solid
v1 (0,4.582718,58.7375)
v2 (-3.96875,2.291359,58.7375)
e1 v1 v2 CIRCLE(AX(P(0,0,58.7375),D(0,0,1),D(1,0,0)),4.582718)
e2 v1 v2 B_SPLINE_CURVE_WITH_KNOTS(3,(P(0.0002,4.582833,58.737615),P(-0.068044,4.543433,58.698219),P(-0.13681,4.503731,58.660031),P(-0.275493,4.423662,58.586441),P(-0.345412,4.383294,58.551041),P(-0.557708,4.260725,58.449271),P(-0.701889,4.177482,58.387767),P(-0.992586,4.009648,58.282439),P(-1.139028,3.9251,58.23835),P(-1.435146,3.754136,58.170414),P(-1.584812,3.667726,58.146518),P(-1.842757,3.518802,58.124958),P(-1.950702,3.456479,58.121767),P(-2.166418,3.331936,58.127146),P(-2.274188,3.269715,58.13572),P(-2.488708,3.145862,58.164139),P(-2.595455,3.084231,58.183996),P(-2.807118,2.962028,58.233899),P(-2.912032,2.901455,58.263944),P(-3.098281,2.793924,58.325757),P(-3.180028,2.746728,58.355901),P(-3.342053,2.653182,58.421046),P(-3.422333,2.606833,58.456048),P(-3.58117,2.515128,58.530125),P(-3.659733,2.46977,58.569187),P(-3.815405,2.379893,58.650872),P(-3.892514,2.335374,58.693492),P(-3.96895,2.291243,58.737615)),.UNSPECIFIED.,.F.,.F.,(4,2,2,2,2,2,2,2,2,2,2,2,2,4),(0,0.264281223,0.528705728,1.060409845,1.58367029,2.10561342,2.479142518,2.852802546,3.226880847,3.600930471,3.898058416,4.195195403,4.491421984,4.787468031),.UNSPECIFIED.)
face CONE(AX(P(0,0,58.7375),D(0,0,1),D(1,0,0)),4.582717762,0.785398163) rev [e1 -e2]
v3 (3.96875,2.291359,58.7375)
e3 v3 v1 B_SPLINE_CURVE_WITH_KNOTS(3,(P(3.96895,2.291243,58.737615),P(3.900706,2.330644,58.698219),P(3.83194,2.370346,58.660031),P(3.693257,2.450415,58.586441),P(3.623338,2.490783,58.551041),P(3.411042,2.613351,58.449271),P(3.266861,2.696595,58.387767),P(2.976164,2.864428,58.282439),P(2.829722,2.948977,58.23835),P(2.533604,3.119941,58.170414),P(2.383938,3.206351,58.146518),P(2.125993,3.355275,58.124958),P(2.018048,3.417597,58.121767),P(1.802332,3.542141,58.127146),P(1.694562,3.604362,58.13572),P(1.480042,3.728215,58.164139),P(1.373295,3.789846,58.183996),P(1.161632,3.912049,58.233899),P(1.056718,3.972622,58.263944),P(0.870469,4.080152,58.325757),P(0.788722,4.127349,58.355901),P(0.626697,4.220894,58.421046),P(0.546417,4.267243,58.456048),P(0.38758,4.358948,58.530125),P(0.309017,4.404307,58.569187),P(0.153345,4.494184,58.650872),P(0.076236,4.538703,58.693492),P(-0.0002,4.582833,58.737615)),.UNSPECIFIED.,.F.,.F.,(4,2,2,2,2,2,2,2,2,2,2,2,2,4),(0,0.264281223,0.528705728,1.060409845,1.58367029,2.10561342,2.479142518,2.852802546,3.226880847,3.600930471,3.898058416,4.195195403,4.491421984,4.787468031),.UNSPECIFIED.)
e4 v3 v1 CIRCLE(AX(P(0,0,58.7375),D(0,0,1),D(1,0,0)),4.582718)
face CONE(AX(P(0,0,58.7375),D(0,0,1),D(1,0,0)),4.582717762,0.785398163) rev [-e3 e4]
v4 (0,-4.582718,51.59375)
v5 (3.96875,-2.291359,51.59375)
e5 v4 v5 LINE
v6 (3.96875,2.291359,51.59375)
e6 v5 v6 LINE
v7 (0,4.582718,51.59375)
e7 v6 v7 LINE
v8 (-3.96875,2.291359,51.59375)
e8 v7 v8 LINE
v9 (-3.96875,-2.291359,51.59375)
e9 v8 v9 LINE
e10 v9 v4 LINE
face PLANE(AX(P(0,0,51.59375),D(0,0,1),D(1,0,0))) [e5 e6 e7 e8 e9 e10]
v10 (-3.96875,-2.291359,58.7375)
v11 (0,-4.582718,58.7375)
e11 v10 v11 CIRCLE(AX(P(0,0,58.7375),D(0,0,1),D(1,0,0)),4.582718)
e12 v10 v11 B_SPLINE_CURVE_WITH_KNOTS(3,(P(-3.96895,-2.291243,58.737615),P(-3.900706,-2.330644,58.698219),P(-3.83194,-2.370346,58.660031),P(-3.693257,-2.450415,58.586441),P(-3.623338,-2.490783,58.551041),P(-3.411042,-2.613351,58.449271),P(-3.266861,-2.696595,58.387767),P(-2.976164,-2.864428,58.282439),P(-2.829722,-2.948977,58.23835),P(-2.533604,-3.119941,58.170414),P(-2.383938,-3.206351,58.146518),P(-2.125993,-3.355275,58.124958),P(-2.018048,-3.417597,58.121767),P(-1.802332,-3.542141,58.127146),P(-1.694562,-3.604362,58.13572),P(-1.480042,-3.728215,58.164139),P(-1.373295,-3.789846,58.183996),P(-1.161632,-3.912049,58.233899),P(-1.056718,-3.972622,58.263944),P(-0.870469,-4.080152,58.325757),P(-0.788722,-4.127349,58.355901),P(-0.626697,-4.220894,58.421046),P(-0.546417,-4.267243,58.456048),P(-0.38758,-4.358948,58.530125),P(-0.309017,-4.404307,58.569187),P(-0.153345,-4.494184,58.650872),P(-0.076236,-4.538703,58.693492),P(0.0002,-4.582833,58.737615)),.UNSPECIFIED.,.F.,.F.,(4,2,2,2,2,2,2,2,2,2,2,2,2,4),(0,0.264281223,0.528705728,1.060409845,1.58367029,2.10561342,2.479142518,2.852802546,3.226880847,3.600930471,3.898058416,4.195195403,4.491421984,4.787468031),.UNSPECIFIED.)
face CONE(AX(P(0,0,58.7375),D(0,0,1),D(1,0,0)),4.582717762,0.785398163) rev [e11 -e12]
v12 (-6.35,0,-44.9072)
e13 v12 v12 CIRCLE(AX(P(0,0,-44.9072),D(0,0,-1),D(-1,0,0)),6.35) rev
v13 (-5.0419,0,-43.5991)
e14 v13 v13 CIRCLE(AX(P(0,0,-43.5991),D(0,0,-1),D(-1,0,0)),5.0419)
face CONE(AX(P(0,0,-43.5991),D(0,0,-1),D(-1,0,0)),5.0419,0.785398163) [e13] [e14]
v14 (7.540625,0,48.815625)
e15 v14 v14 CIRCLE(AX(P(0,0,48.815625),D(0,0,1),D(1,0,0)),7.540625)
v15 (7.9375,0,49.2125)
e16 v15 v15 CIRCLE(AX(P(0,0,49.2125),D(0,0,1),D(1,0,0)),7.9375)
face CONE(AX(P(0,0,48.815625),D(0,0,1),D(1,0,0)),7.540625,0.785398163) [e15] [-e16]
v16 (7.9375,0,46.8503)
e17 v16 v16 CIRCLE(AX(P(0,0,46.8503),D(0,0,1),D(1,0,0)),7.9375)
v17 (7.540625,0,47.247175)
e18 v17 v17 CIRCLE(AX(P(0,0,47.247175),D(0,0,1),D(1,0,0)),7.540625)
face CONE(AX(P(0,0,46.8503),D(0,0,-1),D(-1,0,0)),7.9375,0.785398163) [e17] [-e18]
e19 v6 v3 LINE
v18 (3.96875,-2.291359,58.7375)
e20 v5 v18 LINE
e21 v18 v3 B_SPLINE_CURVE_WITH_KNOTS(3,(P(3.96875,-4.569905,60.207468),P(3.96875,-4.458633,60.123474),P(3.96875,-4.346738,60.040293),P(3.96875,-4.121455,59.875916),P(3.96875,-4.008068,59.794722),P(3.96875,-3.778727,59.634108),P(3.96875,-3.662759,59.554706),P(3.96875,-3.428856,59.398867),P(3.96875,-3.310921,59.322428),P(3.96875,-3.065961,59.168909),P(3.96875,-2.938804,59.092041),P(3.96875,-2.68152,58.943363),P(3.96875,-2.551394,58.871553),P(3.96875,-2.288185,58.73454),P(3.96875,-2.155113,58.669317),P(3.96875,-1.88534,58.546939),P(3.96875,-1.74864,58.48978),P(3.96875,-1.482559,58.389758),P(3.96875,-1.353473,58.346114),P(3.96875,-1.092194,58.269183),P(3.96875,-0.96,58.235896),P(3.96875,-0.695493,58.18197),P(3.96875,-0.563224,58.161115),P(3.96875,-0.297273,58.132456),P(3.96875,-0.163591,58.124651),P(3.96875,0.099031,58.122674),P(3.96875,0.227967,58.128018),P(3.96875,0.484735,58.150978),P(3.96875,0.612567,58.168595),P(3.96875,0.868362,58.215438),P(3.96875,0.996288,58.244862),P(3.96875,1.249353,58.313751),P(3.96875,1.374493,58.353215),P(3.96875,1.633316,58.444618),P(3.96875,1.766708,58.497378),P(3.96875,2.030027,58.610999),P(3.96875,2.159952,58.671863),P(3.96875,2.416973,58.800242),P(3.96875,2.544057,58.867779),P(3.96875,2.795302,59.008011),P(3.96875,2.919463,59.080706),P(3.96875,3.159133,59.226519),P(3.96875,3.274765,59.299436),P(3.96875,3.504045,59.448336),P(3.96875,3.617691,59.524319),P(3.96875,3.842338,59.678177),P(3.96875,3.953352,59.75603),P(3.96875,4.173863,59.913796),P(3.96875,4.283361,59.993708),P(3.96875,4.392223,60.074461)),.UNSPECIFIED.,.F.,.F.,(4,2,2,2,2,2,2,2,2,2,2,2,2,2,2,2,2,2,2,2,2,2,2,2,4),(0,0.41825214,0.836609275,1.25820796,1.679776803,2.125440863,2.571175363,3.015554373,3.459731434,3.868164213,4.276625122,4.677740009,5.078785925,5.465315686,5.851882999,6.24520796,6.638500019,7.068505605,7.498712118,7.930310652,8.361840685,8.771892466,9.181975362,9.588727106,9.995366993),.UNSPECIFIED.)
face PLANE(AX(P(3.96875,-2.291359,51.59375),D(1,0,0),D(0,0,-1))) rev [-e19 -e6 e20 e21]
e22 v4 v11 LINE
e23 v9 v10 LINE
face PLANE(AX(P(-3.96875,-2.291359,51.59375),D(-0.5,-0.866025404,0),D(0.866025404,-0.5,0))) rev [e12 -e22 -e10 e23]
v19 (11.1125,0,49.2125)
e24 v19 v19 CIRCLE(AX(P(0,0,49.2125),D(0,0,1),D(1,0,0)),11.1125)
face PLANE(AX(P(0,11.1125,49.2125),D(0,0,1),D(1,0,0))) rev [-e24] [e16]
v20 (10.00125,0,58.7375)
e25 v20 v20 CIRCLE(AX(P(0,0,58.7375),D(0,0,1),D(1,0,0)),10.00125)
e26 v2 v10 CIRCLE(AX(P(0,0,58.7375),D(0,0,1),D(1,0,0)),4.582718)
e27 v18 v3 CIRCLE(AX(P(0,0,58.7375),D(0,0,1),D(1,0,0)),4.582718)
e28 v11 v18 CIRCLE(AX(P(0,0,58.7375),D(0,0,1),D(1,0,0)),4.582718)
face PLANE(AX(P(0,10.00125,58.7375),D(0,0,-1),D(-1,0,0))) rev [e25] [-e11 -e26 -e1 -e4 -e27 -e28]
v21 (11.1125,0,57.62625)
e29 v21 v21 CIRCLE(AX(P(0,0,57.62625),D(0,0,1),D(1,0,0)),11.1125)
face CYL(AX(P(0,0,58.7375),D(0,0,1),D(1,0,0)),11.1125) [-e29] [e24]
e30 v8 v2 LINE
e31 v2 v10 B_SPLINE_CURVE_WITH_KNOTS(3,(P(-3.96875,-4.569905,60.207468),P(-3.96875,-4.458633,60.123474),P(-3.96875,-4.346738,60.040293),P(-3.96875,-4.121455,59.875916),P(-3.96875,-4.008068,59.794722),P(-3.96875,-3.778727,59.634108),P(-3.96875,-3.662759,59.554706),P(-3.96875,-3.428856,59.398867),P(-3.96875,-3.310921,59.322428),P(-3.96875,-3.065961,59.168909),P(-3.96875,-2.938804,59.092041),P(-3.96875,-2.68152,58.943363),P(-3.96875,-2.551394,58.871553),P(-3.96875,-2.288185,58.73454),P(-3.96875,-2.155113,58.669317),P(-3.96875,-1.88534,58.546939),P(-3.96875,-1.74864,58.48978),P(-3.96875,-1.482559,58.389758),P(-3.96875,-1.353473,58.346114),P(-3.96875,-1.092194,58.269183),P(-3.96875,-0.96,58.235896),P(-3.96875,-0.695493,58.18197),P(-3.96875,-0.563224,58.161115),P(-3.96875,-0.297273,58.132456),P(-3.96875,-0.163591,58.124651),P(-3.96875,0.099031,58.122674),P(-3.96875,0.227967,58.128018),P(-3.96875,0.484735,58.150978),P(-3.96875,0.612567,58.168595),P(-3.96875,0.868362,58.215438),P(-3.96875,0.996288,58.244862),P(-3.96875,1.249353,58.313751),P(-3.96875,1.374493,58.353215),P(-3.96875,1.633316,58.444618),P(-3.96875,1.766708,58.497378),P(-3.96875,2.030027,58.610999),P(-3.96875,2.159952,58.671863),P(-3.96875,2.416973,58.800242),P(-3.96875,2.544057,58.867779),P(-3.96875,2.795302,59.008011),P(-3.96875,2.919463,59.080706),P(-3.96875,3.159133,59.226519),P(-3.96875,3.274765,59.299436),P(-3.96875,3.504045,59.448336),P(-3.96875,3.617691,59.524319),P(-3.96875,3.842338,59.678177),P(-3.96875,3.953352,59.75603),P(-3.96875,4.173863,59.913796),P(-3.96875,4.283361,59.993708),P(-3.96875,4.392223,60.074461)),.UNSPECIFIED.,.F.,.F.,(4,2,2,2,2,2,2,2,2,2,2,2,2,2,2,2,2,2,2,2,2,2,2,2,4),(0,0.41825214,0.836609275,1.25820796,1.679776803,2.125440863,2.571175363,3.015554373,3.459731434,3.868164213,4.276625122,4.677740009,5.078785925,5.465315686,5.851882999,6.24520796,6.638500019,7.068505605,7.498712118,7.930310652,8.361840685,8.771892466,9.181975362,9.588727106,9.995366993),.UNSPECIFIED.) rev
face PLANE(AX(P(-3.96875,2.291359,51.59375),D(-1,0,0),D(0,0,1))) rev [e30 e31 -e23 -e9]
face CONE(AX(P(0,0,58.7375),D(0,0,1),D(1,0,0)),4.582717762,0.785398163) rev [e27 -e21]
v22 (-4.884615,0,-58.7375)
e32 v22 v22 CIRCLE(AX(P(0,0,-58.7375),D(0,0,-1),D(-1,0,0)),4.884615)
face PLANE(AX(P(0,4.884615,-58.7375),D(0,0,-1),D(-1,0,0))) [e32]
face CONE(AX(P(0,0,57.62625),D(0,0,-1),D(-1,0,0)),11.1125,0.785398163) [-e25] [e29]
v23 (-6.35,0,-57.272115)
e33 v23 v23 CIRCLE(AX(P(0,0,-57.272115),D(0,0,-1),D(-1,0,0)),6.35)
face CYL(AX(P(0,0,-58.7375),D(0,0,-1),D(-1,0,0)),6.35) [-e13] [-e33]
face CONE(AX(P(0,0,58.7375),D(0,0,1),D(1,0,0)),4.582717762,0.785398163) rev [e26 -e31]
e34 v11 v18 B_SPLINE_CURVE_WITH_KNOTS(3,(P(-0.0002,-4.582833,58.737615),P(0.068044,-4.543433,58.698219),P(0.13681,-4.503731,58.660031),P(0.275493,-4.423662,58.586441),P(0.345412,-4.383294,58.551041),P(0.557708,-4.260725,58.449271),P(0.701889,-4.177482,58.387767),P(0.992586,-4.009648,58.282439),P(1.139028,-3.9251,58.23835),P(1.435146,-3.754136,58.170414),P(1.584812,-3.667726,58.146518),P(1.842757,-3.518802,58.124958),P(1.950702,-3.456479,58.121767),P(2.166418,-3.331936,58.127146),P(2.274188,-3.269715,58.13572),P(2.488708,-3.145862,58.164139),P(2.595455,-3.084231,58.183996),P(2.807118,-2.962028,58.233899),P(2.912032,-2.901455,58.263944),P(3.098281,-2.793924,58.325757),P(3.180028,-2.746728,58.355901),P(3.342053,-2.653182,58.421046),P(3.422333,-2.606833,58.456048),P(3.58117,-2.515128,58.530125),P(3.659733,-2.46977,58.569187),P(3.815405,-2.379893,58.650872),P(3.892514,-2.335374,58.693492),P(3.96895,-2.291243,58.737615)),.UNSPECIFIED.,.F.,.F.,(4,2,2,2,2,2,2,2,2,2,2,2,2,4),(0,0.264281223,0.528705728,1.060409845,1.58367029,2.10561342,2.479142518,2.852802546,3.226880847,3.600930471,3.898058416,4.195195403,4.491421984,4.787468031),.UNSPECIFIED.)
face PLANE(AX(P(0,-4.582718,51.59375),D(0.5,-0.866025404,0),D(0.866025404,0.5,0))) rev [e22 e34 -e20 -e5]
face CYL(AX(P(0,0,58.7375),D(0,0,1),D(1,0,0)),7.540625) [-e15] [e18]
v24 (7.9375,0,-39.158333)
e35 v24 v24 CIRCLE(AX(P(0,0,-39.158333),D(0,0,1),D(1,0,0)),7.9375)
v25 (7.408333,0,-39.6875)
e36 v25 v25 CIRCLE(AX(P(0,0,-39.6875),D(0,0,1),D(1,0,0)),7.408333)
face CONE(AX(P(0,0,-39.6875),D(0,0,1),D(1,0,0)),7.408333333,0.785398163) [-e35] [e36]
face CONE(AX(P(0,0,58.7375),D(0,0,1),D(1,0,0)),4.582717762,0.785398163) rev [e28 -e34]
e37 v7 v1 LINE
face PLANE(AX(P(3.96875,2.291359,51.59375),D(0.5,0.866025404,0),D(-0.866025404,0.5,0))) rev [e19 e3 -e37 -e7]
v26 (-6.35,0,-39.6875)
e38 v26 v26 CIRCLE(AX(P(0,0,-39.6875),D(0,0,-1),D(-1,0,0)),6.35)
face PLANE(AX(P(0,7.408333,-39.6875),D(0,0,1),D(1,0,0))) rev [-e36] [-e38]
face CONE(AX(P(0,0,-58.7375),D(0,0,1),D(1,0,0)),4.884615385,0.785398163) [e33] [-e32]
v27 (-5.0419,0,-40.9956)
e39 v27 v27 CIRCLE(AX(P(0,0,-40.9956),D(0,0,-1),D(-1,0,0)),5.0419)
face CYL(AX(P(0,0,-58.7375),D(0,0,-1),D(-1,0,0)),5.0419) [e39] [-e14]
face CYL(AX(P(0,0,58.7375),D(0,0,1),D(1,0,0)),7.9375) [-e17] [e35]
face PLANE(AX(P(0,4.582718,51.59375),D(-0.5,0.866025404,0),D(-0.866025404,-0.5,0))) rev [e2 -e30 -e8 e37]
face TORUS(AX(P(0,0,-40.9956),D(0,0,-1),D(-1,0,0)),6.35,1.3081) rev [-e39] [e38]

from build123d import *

# Parameters (mm, degrees)
CUT_EXTRUDE1_DEPTH = 7.14375


with BuildPart() as part:
    # Sketch4 → Revolve1 (revolve)
    with BuildSketch(Plane(origin=(0, 0, 0), x_dir=(0, 0, -1), z_dir=(1, 0, 0))):
        Polygon((-49.2125, 11.1125), (-57.62625, 11.1125), (-58.7375, 10.00125), (-58.7375, 0), (39.6875, 0), (39.6875, 7.408333333), (39.158333333, 7.9375), (-46.8503, 7.9375), (-47.247175, 7.540625), (-48.815625, 7.540625), (-49.2125, 7.9375), align=None)
    revolve(axis=Axis((0, 0, 58.7375), (0, 0, -1)))

    # Sketch5 → Cut-Extrude1 (cut)
    with BuildSketch(Plane.XY.offset(58.7375)):
        Polygon((3.96875, 2.291358881), (0, 4.582717762), (-3.96875, 2.291358881), (-3.96875, -2.291358881), (0, -4.582717762), (3.96875, -2.291358881), align=None)
    extrude(amount=-CUT_EXTRUDE1_DEPTH, mode=Mode.SUBTRACT)

    # Cut-Extrude4 cone 1 section (through the dimple's axis) → Cut-Extrude4 (revolve, cut)
    with BuildSketch(Plane(origin=(0, 0, 58.7375), x_dir=(0, -1, 0), z_dir=(1, 0, 0))):
        Polygon((0, 0), (4.582717762, 0), (0, 4.582717762), align=None)
    revolve(axis=Axis((0, 0, 58.7375), (0, 0, -1)), mode=Mode.SUBTRACT)

    # Sketch7 → Revolve2 (revolve)
    with BuildSketch(Plane(origin=(0, 0, 0), x_dir=(0, 0, -1), z_dir=(1, 0, 0))):
        Polygon((39.6875, 6.35), (57.272115385, 6.35), (58.7375, 4.884615385), (58.7375, 0), (39.6875, 0), align=None)
    revolve(axis=Axis((0, 0, -58.7375), (0, 0, 1)))

    # Sketch10 → Cut-Revolve1 (revolve, cut)
    with BuildSketch(Plane(origin=(0, 0, 0), x_dir=(0, 0, -1), z_dir=(1, 0, 0))):
        with BuildLine():
            Line((40.9956, 5.0419), (43.5991, 5.0419))
            Line((43.5991, 5.0419), (46.4947, 7.9375))
            Line((46.4947, 7.9375), (39.6875, 7.9375))
            Line((39.6875, 7.9375), (39.6875, 6.35))
            ThreePointArc((39.6875, 6.35), (40.07063362, 5.42503362), (40.9956, 5.0419))
        make_face()
    revolve(axis=Axis((0, 0, -58.7375), (0, 0, 1)), mode=Mode.SUBTRACT)


solid = part.part
